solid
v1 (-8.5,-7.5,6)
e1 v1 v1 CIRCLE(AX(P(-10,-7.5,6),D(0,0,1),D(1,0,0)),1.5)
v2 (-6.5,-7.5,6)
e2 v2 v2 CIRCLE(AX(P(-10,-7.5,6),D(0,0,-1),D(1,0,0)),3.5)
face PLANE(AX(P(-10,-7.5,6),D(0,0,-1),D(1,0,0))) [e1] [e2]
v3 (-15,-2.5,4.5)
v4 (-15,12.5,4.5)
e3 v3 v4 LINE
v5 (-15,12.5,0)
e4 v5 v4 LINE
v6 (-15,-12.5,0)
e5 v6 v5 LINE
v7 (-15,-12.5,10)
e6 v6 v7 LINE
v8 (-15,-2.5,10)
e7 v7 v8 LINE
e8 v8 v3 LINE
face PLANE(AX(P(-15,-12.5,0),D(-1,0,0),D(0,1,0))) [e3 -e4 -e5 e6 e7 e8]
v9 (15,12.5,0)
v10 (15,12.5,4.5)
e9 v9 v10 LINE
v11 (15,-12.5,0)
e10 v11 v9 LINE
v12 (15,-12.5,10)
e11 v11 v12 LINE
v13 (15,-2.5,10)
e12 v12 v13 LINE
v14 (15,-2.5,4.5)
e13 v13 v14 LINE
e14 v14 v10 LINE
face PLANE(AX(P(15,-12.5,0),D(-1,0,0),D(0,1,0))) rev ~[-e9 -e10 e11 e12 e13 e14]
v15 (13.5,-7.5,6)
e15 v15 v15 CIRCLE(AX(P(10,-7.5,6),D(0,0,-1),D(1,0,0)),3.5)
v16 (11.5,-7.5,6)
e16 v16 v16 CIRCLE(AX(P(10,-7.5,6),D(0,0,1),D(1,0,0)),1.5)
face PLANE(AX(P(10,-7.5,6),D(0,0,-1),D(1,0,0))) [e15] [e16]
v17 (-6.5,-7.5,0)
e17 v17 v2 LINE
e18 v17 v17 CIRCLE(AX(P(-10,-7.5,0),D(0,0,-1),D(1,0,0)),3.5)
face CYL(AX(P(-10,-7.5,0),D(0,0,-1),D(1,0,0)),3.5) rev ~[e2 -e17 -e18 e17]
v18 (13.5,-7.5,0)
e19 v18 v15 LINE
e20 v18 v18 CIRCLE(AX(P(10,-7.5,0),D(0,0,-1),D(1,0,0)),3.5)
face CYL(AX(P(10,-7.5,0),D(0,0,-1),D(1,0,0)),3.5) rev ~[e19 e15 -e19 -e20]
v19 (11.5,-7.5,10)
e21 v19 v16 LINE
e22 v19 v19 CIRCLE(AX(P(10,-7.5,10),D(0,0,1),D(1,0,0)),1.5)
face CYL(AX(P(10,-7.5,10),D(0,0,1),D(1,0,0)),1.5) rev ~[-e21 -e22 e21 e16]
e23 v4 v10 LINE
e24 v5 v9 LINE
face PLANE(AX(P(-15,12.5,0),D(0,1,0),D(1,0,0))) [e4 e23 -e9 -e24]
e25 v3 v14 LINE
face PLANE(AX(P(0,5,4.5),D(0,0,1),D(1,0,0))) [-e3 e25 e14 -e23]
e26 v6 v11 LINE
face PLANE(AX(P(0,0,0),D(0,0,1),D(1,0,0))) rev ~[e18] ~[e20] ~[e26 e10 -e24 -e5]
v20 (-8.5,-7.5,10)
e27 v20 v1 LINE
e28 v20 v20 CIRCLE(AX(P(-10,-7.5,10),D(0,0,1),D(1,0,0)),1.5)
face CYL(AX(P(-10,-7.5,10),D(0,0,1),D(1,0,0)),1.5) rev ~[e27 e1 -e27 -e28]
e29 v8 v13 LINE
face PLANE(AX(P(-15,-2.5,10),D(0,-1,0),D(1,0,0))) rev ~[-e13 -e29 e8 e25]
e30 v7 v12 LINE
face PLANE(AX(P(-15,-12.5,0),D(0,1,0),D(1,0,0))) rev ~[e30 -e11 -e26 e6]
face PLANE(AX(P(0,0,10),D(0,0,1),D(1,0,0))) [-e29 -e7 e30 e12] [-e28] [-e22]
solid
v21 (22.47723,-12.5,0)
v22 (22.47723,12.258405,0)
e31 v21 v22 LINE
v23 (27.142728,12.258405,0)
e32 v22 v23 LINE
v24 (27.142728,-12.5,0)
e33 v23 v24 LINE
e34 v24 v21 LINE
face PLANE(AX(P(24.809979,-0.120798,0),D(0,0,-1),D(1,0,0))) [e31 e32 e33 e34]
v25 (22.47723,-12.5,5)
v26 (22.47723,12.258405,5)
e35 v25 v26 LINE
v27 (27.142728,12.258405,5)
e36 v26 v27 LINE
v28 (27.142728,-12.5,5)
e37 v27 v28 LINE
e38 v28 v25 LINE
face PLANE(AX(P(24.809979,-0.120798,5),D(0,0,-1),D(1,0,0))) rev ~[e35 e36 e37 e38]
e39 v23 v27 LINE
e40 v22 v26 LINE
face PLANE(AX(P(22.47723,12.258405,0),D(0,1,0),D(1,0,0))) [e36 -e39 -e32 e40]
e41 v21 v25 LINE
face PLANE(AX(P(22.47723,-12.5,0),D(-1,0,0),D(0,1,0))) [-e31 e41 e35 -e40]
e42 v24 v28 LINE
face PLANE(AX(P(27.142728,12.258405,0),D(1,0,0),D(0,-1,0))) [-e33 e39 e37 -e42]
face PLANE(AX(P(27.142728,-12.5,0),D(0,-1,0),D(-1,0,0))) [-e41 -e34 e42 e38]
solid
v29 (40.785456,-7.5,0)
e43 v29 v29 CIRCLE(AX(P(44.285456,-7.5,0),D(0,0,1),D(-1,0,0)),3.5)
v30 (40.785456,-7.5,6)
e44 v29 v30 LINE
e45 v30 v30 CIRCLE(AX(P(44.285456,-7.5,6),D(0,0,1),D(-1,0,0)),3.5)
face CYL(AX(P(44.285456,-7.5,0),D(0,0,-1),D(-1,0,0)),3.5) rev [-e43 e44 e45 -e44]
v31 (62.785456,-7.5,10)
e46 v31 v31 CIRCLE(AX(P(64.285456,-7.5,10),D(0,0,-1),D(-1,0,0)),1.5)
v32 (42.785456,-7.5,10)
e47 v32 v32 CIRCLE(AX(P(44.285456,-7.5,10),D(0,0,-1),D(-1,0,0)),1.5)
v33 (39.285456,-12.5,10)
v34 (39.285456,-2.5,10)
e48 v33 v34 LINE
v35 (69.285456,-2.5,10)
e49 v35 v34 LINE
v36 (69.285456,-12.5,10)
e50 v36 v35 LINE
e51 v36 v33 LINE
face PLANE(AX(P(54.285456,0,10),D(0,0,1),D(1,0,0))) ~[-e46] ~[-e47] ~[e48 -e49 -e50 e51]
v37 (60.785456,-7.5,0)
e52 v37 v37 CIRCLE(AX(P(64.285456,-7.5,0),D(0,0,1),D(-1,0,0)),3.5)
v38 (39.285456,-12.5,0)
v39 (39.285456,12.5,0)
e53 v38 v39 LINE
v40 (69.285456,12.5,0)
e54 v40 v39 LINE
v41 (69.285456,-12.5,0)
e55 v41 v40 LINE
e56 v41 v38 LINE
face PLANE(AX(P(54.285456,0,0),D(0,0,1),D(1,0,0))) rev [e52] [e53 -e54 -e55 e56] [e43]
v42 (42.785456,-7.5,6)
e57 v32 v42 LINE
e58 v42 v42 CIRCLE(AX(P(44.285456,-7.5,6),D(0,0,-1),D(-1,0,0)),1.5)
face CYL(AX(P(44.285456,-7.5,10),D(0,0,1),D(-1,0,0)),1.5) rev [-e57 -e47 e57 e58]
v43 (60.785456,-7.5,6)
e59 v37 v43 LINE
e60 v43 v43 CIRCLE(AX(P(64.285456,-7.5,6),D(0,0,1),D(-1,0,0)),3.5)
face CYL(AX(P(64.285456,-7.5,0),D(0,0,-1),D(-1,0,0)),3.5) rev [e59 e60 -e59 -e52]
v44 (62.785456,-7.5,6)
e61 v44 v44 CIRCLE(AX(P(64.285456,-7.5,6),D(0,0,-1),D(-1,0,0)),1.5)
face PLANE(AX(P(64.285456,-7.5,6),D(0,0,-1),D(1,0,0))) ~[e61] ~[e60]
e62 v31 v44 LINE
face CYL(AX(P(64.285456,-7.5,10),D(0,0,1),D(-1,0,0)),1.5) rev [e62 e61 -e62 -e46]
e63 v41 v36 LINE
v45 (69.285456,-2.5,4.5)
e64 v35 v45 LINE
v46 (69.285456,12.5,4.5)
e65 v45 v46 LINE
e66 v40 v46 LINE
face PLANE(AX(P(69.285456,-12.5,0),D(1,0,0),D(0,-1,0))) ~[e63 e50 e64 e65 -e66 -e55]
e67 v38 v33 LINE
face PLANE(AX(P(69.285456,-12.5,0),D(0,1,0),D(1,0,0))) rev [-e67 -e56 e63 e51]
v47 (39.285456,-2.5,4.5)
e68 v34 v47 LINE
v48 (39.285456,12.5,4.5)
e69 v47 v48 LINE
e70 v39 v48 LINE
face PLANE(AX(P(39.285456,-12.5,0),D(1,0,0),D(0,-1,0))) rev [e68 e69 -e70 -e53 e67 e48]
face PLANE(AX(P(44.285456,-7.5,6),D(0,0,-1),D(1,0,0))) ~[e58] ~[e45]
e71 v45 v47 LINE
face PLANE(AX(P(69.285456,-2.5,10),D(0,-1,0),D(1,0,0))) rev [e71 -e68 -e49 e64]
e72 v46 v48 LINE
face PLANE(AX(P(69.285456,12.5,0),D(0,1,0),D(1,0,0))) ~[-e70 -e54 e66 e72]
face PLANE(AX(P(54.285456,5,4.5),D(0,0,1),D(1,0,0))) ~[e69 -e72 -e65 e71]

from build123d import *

# Parameters (mm, degrees)
F0_W     = 30
F0_H     = 25
F1_DEPTH = 10
F2_W     = 30
F2_H     = 15
F3_DEPTH = 5.5
F4_R     = 1.5
F5_DEPTH = 25
F6_R     = 3.5
F7_DEPTH = 6
F9_DEPTH = 5


with BuildPart() as f1:
    # F0 (on Top) → F1 (new body)
    with BuildSketch(Plane.XY):
        Rectangle(F0_W, F0_H)
    extrude(amount=F1_DEPTH)

    # F2 (on face) → F3 (cut)
    with BuildSketch(Plane.XY.offset(10)):
        with Locations((0, 5)):
            Rectangle(F2_W, F2_H)
    extrude(amount=-F3_DEPTH, mode=Mode.SUBTRACT)

    # F4 (on face) → F5 (cut)
    with BuildSketch(Plane.XY.offset(10)):
        with Locations((10, -7.5)):
            Circle(F4_R)
        with Locations((-10, -7.5)):
            Circle(F4_R)
    extrude(amount=-F5_DEPTH, mode=Mode.SUBTRACT)

    # F6 (on face) → F7 (cut)
    with BuildSketch(Plane(origin=(0, 0, 0), x_dir=(1, 0, 0), z_dir=(0, 0, -1))):
        with Locations((10, 7.5)):
            Circle(F6_R)
        with Locations((-10, 7.5)):
            Circle(F6_R)
    extrude(amount=-F7_DEPTH, mode=Mode.SUBTRACT)


with BuildPart() as f9:
    # F8 (on face) → F9 (new body)
    with BuildSketch(Plane(origin=(0, 0, 0), x_dir=(1, 0, 0), z_dir=(0, 0, -1))):
        Polygon((22.47723, 12.5), (22.47723, 0), (22.47723, -12.258405), (27.142728, -12.258405), (27.142728, 12.5), align=None)
    extrude(amount=-F9_DEPTH)


with BuildPart() as f10_1:
    # F10: instance of F1
    add(f1.part.mirror(Plane(origin=(27.142728, -0.120798, 2.5), x_dir=(0, 1, 0), z_dir=(1, 0, 0))))


solid = Compound([f1.part, f9.part, f10_1.part])
